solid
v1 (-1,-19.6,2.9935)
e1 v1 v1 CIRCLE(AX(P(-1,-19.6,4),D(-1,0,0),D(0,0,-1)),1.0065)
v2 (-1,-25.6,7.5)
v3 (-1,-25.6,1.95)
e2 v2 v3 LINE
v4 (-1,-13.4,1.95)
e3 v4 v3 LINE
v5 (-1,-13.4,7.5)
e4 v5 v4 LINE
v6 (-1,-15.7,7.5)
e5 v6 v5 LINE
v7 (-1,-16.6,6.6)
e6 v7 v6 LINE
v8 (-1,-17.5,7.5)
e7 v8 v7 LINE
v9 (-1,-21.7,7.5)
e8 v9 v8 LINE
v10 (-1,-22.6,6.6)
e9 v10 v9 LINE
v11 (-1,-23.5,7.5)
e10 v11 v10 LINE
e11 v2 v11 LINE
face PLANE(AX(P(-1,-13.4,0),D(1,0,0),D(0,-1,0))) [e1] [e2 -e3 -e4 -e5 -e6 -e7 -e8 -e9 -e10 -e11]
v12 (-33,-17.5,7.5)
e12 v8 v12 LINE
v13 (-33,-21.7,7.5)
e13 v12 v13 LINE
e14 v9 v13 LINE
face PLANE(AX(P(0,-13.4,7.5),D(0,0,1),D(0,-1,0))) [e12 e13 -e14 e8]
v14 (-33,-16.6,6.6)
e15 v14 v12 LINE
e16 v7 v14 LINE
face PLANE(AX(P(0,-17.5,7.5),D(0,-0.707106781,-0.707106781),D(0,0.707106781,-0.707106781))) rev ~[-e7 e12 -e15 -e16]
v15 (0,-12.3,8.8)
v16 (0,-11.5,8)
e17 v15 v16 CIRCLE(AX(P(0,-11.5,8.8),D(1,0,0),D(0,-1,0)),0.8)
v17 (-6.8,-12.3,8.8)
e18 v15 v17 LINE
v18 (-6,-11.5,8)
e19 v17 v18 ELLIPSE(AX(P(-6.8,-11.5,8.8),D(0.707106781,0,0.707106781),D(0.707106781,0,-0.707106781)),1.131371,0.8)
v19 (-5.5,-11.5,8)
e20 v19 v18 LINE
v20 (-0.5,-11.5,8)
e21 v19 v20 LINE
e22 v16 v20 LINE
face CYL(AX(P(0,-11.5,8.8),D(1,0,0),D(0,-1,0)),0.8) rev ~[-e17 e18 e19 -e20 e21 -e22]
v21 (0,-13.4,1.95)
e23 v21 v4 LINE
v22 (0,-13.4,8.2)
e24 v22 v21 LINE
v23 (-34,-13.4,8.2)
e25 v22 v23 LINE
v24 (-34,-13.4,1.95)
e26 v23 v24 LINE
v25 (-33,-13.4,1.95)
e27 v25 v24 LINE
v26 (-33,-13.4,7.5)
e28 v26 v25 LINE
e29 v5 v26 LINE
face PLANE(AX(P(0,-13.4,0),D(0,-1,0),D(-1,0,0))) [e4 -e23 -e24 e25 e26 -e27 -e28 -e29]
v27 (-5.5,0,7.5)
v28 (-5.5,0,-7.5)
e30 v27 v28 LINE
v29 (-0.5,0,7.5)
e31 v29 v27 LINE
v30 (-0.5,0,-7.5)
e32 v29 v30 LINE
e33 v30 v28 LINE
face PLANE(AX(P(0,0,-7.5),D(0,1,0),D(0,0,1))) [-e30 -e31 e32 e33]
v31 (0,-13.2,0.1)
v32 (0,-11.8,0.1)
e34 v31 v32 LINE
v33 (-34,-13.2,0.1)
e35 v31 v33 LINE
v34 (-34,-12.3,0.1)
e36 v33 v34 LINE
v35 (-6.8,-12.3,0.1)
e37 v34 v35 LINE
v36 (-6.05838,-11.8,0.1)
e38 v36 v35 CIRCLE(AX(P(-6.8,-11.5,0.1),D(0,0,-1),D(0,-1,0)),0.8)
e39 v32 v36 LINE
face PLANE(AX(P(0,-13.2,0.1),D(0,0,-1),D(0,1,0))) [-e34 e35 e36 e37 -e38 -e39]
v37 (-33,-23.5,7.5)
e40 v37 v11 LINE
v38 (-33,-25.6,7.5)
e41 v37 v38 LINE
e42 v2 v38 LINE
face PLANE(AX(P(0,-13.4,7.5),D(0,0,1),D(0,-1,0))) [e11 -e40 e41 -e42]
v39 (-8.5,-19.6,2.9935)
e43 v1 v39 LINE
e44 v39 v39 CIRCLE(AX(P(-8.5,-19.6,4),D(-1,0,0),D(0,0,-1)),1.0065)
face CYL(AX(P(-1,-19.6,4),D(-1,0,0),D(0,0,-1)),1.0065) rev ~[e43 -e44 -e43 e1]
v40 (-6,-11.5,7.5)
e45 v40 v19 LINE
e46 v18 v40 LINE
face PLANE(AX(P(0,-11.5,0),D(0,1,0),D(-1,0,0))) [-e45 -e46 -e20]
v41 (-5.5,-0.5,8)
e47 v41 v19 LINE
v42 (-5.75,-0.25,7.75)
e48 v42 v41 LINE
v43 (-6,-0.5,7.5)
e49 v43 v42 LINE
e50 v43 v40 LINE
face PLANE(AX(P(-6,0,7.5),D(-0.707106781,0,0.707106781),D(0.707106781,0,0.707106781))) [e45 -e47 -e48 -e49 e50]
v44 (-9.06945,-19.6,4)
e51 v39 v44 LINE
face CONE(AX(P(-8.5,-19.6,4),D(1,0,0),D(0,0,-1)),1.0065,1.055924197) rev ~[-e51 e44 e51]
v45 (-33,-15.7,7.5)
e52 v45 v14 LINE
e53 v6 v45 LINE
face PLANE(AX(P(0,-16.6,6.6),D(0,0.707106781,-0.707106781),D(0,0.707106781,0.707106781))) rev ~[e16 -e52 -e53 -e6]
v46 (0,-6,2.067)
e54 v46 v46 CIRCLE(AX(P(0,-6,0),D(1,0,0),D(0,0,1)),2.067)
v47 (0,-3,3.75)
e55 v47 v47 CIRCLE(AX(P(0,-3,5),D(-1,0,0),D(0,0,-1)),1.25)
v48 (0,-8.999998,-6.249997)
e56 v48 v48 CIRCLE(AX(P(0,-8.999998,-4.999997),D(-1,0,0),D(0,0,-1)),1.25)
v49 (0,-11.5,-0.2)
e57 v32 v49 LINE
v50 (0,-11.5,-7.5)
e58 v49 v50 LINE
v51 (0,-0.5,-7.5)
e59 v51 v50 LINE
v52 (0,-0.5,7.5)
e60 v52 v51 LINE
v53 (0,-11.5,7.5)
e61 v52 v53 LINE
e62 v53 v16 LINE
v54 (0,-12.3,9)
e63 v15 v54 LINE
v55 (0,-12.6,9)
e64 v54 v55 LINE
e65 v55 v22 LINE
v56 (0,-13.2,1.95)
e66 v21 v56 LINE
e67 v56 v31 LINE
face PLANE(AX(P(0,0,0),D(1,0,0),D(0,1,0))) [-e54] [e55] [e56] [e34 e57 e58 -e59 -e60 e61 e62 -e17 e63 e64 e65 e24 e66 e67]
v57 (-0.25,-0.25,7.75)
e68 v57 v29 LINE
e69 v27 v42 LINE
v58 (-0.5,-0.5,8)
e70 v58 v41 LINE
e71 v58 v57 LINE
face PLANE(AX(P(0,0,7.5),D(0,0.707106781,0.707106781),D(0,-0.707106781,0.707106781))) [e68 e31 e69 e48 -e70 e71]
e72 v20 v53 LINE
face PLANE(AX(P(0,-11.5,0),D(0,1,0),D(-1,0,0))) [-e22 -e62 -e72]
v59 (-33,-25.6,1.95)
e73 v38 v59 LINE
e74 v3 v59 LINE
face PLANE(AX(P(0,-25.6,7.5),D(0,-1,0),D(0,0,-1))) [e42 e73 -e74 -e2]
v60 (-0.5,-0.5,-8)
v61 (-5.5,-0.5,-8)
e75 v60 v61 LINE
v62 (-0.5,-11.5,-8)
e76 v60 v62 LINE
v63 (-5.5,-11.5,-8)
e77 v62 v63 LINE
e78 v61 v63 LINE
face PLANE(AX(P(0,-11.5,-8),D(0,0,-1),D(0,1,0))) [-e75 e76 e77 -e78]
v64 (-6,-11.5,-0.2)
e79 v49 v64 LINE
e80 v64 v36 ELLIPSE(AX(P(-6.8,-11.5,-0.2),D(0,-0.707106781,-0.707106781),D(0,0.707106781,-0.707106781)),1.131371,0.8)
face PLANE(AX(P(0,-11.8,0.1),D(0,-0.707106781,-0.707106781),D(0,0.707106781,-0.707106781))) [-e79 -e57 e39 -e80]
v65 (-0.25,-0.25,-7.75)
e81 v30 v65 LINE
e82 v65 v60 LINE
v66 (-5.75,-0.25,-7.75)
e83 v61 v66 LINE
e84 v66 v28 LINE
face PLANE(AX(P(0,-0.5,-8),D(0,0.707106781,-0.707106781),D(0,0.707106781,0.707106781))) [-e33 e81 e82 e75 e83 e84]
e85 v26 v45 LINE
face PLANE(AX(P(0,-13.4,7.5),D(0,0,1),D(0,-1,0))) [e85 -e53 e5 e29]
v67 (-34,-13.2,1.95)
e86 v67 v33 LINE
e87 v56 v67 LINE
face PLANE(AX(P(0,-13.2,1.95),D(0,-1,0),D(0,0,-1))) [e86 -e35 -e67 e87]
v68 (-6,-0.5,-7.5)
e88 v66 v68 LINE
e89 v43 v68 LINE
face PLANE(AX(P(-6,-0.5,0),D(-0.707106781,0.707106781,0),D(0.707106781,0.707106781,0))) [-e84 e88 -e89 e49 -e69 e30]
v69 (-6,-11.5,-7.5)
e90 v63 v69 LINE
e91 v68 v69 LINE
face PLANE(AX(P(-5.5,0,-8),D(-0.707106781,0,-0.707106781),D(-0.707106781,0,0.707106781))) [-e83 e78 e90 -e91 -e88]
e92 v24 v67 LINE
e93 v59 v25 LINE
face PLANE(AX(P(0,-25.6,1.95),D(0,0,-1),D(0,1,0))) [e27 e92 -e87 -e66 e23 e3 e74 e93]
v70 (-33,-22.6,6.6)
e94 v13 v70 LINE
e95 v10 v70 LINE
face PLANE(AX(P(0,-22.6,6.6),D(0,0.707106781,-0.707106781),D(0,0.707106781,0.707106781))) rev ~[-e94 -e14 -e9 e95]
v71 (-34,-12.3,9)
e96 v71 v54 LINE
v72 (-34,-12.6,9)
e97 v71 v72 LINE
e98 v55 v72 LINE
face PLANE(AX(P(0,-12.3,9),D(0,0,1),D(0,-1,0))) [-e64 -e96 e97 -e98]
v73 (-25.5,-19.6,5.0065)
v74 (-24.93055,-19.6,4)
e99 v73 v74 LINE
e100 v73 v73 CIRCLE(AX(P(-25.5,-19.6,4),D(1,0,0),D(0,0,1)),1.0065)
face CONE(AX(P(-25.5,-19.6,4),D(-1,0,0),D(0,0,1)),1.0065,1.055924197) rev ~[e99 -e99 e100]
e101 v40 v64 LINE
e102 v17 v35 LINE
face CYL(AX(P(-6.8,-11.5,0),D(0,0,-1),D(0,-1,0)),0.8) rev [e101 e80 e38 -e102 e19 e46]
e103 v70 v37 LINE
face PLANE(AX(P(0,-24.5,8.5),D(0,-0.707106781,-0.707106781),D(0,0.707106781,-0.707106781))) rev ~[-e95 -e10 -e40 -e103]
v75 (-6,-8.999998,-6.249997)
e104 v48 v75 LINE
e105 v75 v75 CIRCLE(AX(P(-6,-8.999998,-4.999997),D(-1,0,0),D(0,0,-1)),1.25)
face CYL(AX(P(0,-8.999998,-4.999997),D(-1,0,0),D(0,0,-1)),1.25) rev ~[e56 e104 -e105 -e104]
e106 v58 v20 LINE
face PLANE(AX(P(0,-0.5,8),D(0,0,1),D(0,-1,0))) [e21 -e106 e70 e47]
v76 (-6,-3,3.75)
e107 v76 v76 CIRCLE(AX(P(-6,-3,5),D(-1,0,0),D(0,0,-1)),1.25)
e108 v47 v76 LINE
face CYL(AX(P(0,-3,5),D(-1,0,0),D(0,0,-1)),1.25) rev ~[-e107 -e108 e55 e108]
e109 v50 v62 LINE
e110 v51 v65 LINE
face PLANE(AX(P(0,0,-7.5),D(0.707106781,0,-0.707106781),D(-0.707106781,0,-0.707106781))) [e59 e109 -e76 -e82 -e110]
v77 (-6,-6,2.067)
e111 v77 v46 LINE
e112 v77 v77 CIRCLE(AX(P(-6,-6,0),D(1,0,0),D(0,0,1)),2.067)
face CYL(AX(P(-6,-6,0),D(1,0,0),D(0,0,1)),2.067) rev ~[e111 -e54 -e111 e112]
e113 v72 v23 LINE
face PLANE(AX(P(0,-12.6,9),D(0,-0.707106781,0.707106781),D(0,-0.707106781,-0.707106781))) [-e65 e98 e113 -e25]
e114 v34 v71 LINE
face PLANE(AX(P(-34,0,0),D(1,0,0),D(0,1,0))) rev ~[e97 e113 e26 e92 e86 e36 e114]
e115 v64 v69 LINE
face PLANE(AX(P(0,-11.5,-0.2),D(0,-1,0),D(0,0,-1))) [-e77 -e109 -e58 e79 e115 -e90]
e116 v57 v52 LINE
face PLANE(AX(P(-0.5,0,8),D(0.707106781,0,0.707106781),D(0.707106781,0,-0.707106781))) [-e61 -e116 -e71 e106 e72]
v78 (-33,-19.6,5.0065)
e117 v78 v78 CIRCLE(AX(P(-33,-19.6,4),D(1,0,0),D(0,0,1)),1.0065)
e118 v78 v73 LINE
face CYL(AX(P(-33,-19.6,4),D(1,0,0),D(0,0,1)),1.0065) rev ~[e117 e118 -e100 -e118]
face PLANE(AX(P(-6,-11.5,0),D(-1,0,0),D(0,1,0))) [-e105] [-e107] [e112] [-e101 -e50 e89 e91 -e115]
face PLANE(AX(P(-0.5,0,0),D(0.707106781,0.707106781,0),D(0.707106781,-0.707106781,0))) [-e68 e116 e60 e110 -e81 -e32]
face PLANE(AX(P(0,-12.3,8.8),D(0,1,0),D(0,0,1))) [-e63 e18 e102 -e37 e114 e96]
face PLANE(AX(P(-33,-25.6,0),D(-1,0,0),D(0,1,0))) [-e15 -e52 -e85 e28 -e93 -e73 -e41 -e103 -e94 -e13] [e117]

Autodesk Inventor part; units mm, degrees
sketch "Sketch_1" plane through (0, 0, 0) normal (1, 0, 0) x (0, 1, 0)
  line L0 (-12.3, 9) -> (-12.6, 9)
  line L1 (-12.6, 9) -> (-13.4, 8.2)
  line L2 (-13.4, 8.2) -> (-13.4, 7.5)
  line L3 (-13.4, 7.5) -> (-25.6, 7.5)
  line L4 (-25.6, 7.5) -> (-25.6, 1.95)
  line L5 (-25.6, 1.95) -> (-13.2, 1.95)
  line L6 (-13.2, 1.95) -> (-13.2, 0.1)
  line L7 (-13.2, 0.1) -> (-11.8, 0.1)
  line L8 (-11.8, 0.1) -> (-11.5, -0.2)
  line L9 (-11.5, -0.2) -> (-11.5, -8)
  line L10 (-11.5, -8) -> (-0.5, -8)
  line L11 (-0.5, -8) -> (0, -7.5)
  line L12 (0, -7.5) -> (0, 7.5)
  line L13 (0, 7.5) -> (-0.5, 8)
  line L14 (-0.5, 8) -> (-11.5, 8)
  arc A0 (-12.3, 8.8) -> (-11.5, 8) centre (-11.5, 8.8) ccw
  line L15 (-12.3, 8.8) -> (-12.3, 9)
extrude "Extrusion1" add sketch "Sketch_1" against normal blind 34
sketch "Sketch_2" plane through (0, 0, 0) normal (0, 0, 1) x (1, 0, 0)
  line L0 (-35, 1) -> (-35, -26.6)
  line L1 (-35, -26.6) -> (0, -26.6)
  line L2 (0, -26.6) -> (0, -13.4)
  line L3 (0, -13.4) -> (-1, -13.4)
  line L4 (-1, -13.4) -> (-1, -25.6)
  line L5 (-1, -25.6) -> (-33, -25.6)
  line L6 (-33, -25.6) -> (-33, -13.4)
  line L7 (-33, -13.4) -> (-34, -13.4)
  line L8 (-34, -13.4) -> (-34, -12.3)
  line L9 (-34, -12.3) -> (-6.8, -12.3)
  arc A0 (-6.8, -12.3) -> (-6, -11.5) centre (-6.8, -11.5) ccw
  line L10 (-6, -11.5) -> (-6, -0.5)
  line L11 (-6, -0.5) -> (-5.5, 0)
  line L12 (-5.5, 0) -> (-0.5, 0)
  line L13 (-0.5, 0) -> (0, -0.5)
  line L14 (0, -0.5) -> (0, 1)
  line L15 (0, 1) -> (-35, 1)
extrude "Extrusion2" cut sketch "Sketch_2" along normal mid plane 68
sketch "Sketch_3" plane through (0, 0, 0) normal (0, 1, 0) x (-1, 0, 0)
  circle A0 centre (0, 0) radius 34
  line L0 (6, -7.5) -> (6, 7.5)
  line L1 (6, 7.5) -> (5.5, 8)
  line L2 (5.5, 8) -> (0.5, 8)
  line L3 (0.5, 8) -> (0, 7.5)
  line L4 (0, 7.5) -> (0, -7.5)
  line L5 (0, -7.5) -> (0.5, -8)
  line L6 (0.5, -8) -> (5.5, -8)
  line L7 (5.5, -8) -> (6, -7.5)
extrude "Extrusion3" cut sketch "Sketch_3" against normal blind 11.5
sketch "Sketch_4" plane through (0, 0, 0) normal (1, 0, 0) x (0, 1, 0)
  line L0 (-14.7, 8.5) -> (-24.5, 8.5)
  line L1 (-24.5, 8.5) -> (-22.6, 6.6)
  line L2 (-22.6, 6.6) -> (-21.7, 7.5)
  line L3 (-21.7, 7.5) -> (-17.5, 7.5)
  line L4 (-17.5, 7.5) -> (-16.6, 6.6)
  line L5 (-16.6, 6.6) -> (-14.7, 8.5)
extrude "Extrusion4" cut sketch "Sketch_4" against normal blind 34
sketch "Sketch5" plane through (-6, -11.5, 7.5) normal (-1, 0, 0) x (0, 0, 1)
  point P0 (-7.5, 5.5)
hole "Hole1" at (-6, -6, 0) direction (1, 0, 0) diameter 4.134 depth 6 thread size "M5x0.8" class "6H" standard "ISO Metric profile"
sketch "Sketch6" plane through (0, 0, 0) normal (1, 0, 0) x (0, 0, -1)
  point P0 (-5, -3)
hole "Hole2" at (0, -3, 5) direction (-1, 0, 0) diameter 2.5 depth 6
pattern_linear "Rectangular Pattern1" count 2 spacing 11.6619 along (0, -0.5145, -0.8575) of "Hole2"
sketch "Sketch7" plane through (-1, -25.6, 1.95) normal (1, 0, 0) x (0, 0, -1)
  point P0 (-2.05, 6)
hole "Hole3" at (-1, -19.6, 4) direction (-1, 0, 0) diameter 2.013 depth 7.5 tip angle 121 thread size "M2.5x0.45" class "6H" standard "ISO Metric profile"
sketch "Sketch8" plane through (-33, -25.6, 1.95) normal (-1, 0, 0) x (0, 0, 1)
  point P0 (2.05, 6)
hole "Hole4" at (-33, -19.6, 4) direction (1, 0, 0) diameter 2.013 depth 7.5 tip angle 121 thread size "M2.5x0.45" class "6H" standard "ISO Metric profile"
ref_plane "HUB_XY" through (-6, 0, 0) normal (1, 0, 0) x (0, 0, -1)
ref_plane "HUB_YZ" through (-6, 0, 0) normal (0, 0, -1) x (0, 1, 0)
ref_plane "HUB_ZX" through (-6, 0, 0) normal (0, 1, 0) x (1, 0, 0)
ref_plane "hal_1_XY" through (-1, -19.6, 4) normal (1, 0, 0) x (0, 0, -1)
ref_plane "hal_1_YZ" through (-1, -19.6, 4) normal (0, 0, -1) x (0, 1, 0)
ref_plane "hal_1_ZX" through (-1, -19.6, 4) normal (0, 1, 0) x (1, 0, 0)
ref_plane "hal_2_XY" through (-33, -19.6, 4) normal (1, 0, 0) x (0, 0, -1)
ref_plane "hal_2_YZ" through (-33, -19.6, 4) normal (0, 0, -1) x (0, 1, 0)
ref_plane "hal_2_ZX" through (-33, -19.6, 4) normal (0, 1, 0) x (1, 0, 0)
properties part number "SCHUNK-5521119 Finger EGP 40"
